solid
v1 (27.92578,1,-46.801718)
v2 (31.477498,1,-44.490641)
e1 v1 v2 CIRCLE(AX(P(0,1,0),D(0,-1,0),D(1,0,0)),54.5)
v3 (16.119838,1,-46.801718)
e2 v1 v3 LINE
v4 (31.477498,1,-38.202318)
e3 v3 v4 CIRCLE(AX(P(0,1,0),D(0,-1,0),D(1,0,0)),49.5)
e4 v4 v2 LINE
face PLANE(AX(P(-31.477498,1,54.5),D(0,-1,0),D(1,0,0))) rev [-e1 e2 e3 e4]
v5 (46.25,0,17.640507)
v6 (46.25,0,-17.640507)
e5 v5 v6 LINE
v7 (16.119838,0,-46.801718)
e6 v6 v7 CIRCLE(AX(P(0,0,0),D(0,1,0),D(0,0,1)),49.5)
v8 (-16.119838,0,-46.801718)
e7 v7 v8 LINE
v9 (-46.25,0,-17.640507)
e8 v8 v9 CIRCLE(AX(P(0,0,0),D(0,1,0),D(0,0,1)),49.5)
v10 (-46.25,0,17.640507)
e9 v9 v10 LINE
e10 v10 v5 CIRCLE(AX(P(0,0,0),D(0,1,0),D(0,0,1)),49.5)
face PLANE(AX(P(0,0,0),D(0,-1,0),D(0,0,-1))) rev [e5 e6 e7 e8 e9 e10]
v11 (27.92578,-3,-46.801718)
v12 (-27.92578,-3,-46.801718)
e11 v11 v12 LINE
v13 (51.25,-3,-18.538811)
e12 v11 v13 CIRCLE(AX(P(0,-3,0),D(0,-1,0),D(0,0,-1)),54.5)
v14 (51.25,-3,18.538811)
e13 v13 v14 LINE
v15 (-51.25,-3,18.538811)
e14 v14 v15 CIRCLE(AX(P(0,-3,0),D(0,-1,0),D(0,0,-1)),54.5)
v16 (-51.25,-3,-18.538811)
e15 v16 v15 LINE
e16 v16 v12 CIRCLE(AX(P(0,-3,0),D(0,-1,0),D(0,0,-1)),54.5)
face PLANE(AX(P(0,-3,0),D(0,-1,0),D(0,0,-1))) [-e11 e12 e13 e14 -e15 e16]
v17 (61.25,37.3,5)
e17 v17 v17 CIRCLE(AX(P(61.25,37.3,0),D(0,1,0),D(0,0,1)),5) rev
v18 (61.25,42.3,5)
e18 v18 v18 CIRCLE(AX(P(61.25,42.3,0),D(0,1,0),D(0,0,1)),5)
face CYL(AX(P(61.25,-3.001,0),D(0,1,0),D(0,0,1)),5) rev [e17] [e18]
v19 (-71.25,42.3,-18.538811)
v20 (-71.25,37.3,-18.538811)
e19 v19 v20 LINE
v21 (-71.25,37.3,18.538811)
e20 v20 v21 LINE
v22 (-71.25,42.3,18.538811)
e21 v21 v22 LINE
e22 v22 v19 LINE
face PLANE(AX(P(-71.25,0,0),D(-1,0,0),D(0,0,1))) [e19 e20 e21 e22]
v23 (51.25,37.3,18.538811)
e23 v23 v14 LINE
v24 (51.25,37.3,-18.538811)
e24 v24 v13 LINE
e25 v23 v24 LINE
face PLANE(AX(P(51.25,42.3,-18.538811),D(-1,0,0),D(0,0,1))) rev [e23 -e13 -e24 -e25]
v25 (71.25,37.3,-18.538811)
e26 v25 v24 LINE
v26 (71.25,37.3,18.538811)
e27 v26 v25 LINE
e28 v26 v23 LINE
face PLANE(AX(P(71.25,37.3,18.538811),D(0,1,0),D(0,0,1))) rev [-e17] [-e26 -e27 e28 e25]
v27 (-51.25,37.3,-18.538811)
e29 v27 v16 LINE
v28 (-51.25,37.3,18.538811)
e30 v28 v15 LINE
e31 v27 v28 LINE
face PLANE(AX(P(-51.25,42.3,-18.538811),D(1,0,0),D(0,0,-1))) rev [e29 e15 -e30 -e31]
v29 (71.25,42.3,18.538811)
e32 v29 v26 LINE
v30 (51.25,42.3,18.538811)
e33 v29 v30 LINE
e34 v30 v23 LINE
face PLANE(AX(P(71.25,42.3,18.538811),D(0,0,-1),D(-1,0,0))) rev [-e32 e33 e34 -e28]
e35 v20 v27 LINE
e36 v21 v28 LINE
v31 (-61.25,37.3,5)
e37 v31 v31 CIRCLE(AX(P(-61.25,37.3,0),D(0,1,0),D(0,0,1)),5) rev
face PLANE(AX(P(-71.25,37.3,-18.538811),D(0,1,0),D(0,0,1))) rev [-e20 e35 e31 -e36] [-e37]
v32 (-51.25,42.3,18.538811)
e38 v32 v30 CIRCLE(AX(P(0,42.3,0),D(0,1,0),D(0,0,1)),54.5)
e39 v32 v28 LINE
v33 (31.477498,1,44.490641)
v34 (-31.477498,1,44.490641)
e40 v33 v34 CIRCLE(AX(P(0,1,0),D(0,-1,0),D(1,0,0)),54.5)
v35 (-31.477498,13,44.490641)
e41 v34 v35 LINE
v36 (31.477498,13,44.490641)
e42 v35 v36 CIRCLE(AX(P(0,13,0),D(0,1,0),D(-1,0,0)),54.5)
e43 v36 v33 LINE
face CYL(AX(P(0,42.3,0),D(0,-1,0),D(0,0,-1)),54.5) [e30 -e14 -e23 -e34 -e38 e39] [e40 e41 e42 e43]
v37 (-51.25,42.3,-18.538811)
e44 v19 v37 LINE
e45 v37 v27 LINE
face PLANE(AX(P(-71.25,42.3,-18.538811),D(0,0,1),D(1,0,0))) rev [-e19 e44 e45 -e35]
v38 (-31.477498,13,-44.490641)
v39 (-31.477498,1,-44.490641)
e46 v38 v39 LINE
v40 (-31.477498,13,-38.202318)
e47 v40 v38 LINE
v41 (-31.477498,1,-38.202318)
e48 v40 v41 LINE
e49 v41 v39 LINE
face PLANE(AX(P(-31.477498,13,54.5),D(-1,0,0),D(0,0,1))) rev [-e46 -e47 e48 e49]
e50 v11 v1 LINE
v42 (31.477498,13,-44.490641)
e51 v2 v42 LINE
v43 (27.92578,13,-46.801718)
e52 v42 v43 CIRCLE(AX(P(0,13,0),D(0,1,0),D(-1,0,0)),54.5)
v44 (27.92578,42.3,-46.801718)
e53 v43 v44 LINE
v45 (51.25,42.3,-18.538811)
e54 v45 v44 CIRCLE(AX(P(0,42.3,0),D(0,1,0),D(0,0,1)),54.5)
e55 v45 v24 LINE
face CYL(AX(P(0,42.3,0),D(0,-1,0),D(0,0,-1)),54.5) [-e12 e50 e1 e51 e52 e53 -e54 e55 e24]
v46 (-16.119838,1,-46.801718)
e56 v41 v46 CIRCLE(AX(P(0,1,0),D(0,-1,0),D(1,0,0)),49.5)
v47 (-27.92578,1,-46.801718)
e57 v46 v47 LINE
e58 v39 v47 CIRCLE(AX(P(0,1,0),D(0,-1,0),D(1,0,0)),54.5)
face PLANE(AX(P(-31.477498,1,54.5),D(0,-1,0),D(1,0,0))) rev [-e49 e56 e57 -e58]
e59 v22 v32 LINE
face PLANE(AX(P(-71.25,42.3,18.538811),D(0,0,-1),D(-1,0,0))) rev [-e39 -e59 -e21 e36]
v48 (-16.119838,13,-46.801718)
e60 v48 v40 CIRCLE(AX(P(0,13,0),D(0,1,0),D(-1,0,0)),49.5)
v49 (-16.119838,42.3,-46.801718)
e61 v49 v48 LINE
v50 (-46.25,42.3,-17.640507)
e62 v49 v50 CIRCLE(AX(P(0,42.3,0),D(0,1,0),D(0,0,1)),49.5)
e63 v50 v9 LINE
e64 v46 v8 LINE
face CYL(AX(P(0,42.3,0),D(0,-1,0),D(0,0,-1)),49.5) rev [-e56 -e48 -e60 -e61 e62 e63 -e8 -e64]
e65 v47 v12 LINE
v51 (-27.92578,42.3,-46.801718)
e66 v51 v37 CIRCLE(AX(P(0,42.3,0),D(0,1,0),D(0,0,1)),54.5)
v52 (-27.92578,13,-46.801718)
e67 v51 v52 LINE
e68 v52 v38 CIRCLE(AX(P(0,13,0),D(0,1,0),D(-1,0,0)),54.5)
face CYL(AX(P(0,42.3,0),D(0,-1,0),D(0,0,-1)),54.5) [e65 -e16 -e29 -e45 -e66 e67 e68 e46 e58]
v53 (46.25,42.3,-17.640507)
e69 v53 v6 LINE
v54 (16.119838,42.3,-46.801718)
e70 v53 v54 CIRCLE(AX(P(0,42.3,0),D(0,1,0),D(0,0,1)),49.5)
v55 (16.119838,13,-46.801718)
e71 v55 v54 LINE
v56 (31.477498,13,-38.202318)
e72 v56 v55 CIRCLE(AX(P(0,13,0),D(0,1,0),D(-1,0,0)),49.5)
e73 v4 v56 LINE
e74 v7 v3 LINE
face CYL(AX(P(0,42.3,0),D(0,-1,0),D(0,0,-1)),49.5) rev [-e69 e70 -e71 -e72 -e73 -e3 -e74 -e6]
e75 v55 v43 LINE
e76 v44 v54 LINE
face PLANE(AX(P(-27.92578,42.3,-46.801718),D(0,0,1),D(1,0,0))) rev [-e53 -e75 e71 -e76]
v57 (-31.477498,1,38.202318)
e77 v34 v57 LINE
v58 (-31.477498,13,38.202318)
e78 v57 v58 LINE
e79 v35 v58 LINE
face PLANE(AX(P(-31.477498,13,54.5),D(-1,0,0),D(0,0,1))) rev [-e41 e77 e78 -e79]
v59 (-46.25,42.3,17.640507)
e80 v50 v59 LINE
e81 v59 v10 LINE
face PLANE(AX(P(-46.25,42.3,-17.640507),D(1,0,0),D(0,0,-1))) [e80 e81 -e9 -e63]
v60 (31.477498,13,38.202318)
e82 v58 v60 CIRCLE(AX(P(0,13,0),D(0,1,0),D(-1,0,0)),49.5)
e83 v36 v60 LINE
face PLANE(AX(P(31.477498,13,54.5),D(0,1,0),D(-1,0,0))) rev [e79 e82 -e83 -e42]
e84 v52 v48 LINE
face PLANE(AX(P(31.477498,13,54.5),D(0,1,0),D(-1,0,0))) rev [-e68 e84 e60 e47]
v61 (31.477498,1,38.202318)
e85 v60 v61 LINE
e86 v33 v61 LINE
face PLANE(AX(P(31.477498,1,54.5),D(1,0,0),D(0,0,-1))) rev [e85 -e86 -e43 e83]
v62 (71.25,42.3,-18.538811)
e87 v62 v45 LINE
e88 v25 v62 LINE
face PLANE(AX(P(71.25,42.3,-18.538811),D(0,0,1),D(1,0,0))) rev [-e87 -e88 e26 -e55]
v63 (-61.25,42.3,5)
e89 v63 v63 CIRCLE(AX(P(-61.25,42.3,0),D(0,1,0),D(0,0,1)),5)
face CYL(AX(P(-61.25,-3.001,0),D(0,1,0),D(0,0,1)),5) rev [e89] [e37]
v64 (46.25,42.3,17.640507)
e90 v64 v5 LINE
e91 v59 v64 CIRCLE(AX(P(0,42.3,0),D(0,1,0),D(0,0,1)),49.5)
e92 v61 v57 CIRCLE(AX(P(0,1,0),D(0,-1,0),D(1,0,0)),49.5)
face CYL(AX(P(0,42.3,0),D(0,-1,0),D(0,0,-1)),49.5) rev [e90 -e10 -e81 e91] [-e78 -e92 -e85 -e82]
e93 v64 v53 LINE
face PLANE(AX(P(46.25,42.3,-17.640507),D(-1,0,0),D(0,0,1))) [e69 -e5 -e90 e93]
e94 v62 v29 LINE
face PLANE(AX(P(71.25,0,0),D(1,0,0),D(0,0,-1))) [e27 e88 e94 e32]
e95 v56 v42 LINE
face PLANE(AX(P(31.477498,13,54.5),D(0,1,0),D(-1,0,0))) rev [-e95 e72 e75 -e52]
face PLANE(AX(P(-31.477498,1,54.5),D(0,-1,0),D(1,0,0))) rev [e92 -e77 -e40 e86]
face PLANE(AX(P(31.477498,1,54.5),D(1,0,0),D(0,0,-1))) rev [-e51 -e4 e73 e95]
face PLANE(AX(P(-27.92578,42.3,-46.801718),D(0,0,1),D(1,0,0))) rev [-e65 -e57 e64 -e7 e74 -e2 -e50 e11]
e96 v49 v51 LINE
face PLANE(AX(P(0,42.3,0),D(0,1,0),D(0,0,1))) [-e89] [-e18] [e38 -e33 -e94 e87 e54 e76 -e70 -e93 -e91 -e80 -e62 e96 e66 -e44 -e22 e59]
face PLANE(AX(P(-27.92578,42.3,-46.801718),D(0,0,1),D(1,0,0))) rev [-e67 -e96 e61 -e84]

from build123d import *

# Parameters (mm, degrees)
EXTRUDE_1_DEPTH          = 42.3
EXTRUDE_START            = 3
EXTRUDE_2_DEPTH          = 3
SKETCH_3_W               = 37.077621282
SKETCH_3_H               = 5
EXTRUDE_4_DEPTH          = 20
SKETCH_5_W               = 37.077621282
SKETCH_5_H               = 5
EXTRUDE_5_DEPTH          = 20
CUT_EXTRUDE_1_REACH      = 102.493
SKETCH_6_R               = 5
CUT_EXTRUDE_2_REACH      = 102.493
SKETCH_7_R               = 5
CUT_EXTRUDE_3_DEPTH      = 137.919145849
CUT_EXTRUDE_3_DEPTH_BACK = 137.919145849
SKETCH_9_W               = 62.954996742
SKETCH_9_H               = 12
CUT_EXTRUDE_4_DEPTH      = 101.493295796
CUT_EXTRUDE_4_DEPTH_BACK = 101.493295796
CUT_EXTRUDE_5_DEPTH      = 101.493295796
CUT_EXTRUDE_5_DEPTH_BACK = 101.493295796
SKETCH_11_W              = 70.692803697
SKETCH_11_H              = 7.082333279


with BuildPart() as part:
    # 草图1 → 凸台-拉伸1 (new body)
    with BuildSketch(Plane(origin=(0, 0, 0), x_dir=(1, 0, 0), z_dir=(0, 1, 0))):
        with BuildLine():
            Line((-51.25, 18.538810641), (-51.25, -18.538810641))
            ThreePointArc((-51.25, -18.538810641), (0, -54.5), (51.25, -18.538810641))
            Line((51.25, -18.538810641), (51.25, 18.538810641))
            ThreePointArc((51.25, 18.538810641), (0, 54.5), (-51.25, 18.538810641))
        make_face()
        with BuildLine():
            Line((-46.25, 17.640507362), (-46.25, -17.640507362))
            ThreePointArc((-46.25, -17.640507362), (0, -49.5), (46.25, -17.640507362))
            Line((46.25, -17.640507362), (46.25, 17.640507362))
            ThreePointArc((46.25, 17.640507362), (0, 49.5), (-46.25, 17.640507362))
        make_face(mode=Mode.SUBTRACT)
    extrude(amount=EXTRUDE_1_DEPTH)

    # 草图2 → 凸台-拉伸2 (add)
    with BuildSketch(Plane(origin=(0, 0, 0), x_dir=(-1, 0, 0), z_dir=(0, -1, 0)).offset(EXTRUDE_START)):
        with BuildLine():
            Line((51.25, -18.538810641), (51.25, 18.538810641))
            ThreePointArc((51.25, 18.538810641), (0, 54.5), (-51.25, 18.538810641))
            Line((-51.25, 18.538810641), (-51.25, -18.538810641))
            ThreePointArc((-51.25, -18.538810641), (0, -54.5), (51.25, -18.538810641))
        make_face()
    extrude(amount=-EXTRUDE_2_DEPTH)

    # 草图3 → 凸台-拉伸4 (add)
    with BuildSketch(Plane.ZY.offset(51.25)):
        with Locations((0, 39.8)):
            Rectangle(SKETCH_3_W, SKETCH_3_H)
    extrude(amount=EXTRUDE_4_DEPTH)

    # 草图5 → 凸台-拉伸5 (add)
    with BuildSketch(Plane(origin=(51.25, 0, 0), x_dir=(0, 0, -1), z_dir=(1, 0, 0))):
        with Locations((0, 39.8)):
            Rectangle(SKETCH_5_W, SKETCH_5_H)
    extrude(amount=EXTRUDE_5_DEPTH)

    # 草图6 → 切除-拉伸1 (cut, up to next)
    with BuildSketch(Plane(origin=(0, 42.3, 0), x_dir=(1, 0, 0), z_dir=(0, 1, 0)), mode=Mode.PRIVATE) as cut_extrude_1_sk1:
        with Locations(Location((-61.25, 0, 0), (0, 0, 270))):
            Circle(SKETCH_6_R)
    cut_extrude_1_tool1 = extrude(cut_extrude_1_sk1.sketch, amount=-CUT_EXTRUDE_1_REACH, mode=Mode.PRIVATE) & part.part
    add(cut_extrude_1_tool1.solids().sort_by_distance((-61.25, 42.3, 0))[0], mode=Mode.SUBTRACT)

    # 草图7 → 切除-拉伸2 (cut, up to next)
    with BuildSketch(Plane(origin=(0, 42.3, 0), x_dir=(1, 0, 0), z_dir=(0, 1, 0)), mode=Mode.PRIVATE) as cut_extrude_2_sk1:
        with Locations(Location((61.25, 0, 0), (0, 0, 270))):
            Circle(SKETCH_7_R)
    cut_extrude_2_tool1 = extrude(cut_extrude_2_sk1.sketch, amount=-CUT_EXTRUDE_2_REACH, mode=Mode.PRIVATE) & part.part
    add(cut_extrude_2_tool1.solids().sort_by_distance((61.25, 42.3, 0))[0], mode=Mode.SUBTRACT)

    # 草图9 → 切除-拉伸3 (cut, two sides: drawn at the far end of the back side and taken through both)
    with BuildSketch(Plane(origin=(0, 0, -54.5), x_dir=(-1, 0, 0), z_dir=(0, 0, -1)).offset(-CUT_EXTRUDE_3_DEPTH_BACK)):
        with Locations((0, 7)):
            Rectangle(SKETCH_9_W, SKETCH_9_H)
    extrude(amount=CUT_EXTRUDE_3_DEPTH + CUT_EXTRUDE_3_DEPTH_BACK, mode=Mode.SUBTRACT)

    # 草图10 → 切除-拉伸4 (cut, two sides: drawn at the far end of the back side and taken through both)
    with BuildSketch(Plane.XZ.offset(3).offset(-CUT_EXTRUDE_4_DEPTH_BACK)):
        with BuildLine():
            Line((21.685248442, -50), (-21.685248442, -50))
            ThreePointArc((-21.685248442, -50), (-11.073617375, -53.363142694), (-1.63e-07, -54.5))
            ThreePointArc((-1.63e-07, -54.5), (11.073617215, -53.363142728), (21.685248442, -50))
        make_face()
    extrude(amount=CUT_EXTRUDE_4_DEPTH + CUT_EXTRUDE_4_DEPTH_BACK, mode=Mode.SUBTRACT)

    # 草图11 → 切除-拉伸5 (cut, two sides: drawn at the far end of the back side and taken through both)
    with BuildSketch(Plane.XZ.offset(3).offset(-CUT_EXTRUDE_5_DEPTH_BACK)):
        with Locations((7.420622122, -50.342884842)):
            Rectangle(SKETCH_11_W, SKETCH_11_H)
    extrude(amount=CUT_EXTRUDE_5_DEPTH + CUT_EXTRUDE_5_DEPTH_BACK, mode=Mode.SUBTRACT)


solid = part.part
